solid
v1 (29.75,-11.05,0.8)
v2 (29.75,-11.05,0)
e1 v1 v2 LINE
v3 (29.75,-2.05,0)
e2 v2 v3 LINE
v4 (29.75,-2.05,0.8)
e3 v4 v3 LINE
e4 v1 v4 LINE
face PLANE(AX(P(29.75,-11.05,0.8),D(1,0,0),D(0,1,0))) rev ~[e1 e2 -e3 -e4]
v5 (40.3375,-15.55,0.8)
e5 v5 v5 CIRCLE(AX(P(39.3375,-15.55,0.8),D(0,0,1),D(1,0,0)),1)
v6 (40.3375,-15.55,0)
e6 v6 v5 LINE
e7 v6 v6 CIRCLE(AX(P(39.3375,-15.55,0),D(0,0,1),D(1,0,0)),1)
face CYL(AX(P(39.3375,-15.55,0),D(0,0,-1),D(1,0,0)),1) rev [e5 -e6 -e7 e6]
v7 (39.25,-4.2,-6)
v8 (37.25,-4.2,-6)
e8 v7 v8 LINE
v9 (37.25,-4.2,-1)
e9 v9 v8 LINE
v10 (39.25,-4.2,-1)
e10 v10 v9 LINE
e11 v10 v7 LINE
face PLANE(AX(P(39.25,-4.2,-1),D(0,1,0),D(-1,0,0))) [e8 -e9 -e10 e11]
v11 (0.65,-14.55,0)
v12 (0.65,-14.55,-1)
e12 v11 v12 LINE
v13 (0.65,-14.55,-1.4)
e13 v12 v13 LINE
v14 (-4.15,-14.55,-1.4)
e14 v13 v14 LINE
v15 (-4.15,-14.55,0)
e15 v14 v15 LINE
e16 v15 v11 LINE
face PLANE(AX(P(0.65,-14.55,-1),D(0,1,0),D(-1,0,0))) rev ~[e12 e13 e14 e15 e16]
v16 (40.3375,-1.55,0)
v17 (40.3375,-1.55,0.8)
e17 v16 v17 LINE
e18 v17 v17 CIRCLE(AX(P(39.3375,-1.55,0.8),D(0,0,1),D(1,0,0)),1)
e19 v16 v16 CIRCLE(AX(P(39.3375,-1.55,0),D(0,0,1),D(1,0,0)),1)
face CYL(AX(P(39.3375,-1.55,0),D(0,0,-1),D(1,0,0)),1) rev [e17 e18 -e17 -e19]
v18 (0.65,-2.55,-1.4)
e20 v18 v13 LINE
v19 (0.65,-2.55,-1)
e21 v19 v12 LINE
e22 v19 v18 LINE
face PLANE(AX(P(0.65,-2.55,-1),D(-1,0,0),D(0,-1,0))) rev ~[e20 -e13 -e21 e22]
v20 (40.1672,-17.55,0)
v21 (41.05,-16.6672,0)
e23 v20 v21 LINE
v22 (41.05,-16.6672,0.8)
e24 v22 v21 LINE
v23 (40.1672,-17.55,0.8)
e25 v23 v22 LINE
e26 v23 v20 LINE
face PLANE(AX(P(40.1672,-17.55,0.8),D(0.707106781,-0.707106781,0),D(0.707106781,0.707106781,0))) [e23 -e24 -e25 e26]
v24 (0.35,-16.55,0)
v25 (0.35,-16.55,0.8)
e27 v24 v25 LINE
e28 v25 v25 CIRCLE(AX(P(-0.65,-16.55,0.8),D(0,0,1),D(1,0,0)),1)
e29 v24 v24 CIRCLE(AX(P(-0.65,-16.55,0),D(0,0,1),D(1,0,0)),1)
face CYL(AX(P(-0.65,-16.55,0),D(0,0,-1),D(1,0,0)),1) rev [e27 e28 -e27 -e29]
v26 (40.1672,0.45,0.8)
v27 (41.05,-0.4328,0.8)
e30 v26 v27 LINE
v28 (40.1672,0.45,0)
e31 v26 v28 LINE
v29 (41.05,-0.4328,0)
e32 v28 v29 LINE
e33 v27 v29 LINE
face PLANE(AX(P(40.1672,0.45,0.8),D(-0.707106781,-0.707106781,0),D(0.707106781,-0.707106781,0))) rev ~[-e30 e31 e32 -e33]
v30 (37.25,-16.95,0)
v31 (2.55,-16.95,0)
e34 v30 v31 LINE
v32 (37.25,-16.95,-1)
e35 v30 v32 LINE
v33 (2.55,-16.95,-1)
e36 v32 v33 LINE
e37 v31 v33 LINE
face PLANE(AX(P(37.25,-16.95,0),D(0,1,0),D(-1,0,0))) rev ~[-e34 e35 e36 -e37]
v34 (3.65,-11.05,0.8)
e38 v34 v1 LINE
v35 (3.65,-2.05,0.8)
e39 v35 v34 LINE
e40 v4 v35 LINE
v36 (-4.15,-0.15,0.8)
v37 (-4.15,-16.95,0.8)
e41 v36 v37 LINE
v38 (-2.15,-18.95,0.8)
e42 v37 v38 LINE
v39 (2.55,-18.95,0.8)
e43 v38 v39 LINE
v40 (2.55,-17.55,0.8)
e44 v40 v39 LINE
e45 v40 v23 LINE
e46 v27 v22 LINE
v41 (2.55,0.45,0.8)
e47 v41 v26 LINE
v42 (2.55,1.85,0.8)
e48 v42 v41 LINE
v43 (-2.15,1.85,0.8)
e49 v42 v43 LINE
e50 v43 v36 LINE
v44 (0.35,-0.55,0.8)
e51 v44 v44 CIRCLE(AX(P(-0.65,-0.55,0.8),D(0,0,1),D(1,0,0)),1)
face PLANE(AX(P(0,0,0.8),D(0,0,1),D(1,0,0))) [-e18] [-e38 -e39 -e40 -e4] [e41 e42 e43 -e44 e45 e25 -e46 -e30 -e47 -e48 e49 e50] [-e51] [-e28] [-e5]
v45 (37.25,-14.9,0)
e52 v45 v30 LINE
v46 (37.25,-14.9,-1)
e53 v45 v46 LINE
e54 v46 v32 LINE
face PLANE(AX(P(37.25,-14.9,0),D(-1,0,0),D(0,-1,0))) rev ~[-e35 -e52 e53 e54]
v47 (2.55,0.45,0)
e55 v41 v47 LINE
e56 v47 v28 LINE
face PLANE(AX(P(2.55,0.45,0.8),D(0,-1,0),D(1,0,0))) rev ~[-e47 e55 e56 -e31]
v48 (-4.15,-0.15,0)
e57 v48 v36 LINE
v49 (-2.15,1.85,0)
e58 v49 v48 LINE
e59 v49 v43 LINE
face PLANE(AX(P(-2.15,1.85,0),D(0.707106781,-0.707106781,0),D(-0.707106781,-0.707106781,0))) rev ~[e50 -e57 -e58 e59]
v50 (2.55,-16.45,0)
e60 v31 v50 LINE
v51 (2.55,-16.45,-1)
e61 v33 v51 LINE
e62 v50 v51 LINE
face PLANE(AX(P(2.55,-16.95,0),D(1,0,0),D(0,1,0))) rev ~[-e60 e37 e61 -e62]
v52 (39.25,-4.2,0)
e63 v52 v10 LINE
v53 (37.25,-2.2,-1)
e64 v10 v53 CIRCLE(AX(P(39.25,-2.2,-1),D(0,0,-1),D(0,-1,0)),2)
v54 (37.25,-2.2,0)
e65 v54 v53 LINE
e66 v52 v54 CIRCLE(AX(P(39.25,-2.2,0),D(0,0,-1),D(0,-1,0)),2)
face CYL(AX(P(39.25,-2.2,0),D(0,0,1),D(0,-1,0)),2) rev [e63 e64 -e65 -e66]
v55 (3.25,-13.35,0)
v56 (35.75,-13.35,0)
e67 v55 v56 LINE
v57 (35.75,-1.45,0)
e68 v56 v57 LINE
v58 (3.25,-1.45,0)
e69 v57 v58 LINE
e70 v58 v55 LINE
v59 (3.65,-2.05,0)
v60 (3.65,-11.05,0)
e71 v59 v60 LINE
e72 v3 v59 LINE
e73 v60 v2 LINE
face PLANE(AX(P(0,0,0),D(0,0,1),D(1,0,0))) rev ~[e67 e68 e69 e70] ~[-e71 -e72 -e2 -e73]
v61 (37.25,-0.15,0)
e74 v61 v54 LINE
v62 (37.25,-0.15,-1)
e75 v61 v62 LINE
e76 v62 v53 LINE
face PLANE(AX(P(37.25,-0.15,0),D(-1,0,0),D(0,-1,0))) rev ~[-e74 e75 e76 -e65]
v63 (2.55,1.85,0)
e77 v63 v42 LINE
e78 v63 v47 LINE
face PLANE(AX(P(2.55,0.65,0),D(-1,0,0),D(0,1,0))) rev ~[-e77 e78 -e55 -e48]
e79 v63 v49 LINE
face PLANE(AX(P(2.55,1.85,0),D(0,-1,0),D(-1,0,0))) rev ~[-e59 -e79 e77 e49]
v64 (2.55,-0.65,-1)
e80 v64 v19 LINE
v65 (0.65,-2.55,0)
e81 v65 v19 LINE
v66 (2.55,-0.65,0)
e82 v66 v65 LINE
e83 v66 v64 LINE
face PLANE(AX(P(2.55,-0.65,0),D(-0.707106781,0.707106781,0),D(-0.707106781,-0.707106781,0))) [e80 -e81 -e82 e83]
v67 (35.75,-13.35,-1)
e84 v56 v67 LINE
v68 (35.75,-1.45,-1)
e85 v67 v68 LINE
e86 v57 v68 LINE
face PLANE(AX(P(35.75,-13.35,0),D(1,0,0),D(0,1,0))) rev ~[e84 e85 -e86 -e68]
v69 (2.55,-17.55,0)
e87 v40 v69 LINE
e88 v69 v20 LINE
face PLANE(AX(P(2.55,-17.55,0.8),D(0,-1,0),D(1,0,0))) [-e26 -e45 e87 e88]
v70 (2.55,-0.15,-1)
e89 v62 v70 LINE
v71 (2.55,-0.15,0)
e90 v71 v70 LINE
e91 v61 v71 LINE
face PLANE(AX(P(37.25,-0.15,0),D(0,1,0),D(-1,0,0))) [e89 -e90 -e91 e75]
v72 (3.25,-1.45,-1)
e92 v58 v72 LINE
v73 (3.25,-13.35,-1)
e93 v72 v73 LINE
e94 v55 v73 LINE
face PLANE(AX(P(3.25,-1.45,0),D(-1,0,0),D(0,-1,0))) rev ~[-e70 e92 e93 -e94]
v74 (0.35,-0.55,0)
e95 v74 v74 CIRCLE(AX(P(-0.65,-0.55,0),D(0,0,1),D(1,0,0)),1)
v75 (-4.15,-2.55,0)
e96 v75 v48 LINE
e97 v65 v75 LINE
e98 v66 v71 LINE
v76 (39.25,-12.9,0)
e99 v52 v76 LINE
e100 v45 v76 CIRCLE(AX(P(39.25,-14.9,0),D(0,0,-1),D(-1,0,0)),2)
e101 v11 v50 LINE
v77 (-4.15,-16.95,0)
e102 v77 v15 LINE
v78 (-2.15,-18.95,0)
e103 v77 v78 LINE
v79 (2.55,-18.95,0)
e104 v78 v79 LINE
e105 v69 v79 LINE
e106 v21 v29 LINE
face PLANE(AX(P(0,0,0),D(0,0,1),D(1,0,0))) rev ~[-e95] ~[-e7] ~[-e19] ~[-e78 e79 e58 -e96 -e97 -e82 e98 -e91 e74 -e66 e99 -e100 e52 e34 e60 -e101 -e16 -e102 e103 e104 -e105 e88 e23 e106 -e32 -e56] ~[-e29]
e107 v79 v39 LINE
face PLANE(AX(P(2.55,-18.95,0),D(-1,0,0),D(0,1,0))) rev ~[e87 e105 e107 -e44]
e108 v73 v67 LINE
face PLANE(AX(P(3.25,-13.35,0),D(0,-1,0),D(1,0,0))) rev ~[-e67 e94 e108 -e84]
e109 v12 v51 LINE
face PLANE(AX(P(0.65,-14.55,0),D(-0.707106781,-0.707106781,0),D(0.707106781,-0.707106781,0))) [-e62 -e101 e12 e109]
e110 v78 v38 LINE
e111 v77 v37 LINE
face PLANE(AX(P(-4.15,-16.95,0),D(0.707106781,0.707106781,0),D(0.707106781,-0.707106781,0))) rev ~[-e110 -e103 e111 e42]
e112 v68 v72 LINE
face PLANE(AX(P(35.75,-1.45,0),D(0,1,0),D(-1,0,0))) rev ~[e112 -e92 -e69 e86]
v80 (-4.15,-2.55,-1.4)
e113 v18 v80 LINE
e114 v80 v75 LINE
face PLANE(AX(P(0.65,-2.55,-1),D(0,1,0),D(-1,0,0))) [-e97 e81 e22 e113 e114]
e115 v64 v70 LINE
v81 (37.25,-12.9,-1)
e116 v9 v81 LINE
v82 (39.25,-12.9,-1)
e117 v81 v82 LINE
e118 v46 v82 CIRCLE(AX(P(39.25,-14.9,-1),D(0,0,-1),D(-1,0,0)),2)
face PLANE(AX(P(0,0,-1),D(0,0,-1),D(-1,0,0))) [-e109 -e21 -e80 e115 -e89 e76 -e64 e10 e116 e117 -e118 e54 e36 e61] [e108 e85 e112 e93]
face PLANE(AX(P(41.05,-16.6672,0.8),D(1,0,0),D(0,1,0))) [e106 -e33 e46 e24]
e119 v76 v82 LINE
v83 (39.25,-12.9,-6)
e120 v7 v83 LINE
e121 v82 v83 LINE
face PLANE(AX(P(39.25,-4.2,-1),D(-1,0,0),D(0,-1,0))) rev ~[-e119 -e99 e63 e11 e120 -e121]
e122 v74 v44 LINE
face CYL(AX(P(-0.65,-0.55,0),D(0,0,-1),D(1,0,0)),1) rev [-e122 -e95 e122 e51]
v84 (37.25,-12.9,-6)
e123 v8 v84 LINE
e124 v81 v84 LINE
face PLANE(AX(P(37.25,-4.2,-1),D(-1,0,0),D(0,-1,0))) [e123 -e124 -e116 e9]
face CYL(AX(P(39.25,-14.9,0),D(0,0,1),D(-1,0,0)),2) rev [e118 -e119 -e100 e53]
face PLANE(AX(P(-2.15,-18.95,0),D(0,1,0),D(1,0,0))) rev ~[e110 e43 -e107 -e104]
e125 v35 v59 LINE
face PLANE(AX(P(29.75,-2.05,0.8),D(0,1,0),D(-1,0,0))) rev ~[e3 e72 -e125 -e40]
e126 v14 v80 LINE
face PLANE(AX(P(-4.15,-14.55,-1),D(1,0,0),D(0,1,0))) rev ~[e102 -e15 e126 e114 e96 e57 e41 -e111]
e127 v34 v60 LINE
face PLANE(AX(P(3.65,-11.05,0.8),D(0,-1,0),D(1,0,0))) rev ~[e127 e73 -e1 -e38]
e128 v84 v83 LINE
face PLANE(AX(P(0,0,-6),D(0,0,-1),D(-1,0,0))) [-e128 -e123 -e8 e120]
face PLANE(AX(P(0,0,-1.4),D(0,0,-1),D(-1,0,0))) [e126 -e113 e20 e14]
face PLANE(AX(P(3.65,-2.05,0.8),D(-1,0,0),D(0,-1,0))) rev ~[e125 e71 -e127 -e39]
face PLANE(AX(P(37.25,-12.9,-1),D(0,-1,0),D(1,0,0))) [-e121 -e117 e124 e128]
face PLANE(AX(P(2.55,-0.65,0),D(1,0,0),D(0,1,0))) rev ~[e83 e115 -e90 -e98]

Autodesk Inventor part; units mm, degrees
ref_plane "YZ Plane" through (0, 0, 0) normal (1, 0, 0) x (0, 1, 0)
ref_plane "XZ Plane" through (0, 0, 0) normal (0, 1, 0) x (-1, 0, 0)
ref_plane "XY Plane" through (0, 0, 0) normal (0, 0, 1) x (1, 0, 0)
sketch "Эскиз1" plane through (0, 0, 0) normal (0, 0, 1) x (1, 0, 0)
  line L0 (40.25, 0.65) -> (37.25, 0.65) projected
  line L1 (37.25, 0.65) -> (37.25, -2.2) projected
  arc A0 (37.25, -2.2) -> (39.25, -4.2) centre (39.25, -2.2) ccw projected
  line L2 (39.25, -4.2) -> (39.25, -12.9) projected
  arc A1 (39.25, -12.9) -> (37.25, -14.9) centre (39.25, -14.9) ccw projected
  line L3 (37.25, -14.9) -> (37.25, -17.75) projected
  line L4 (37.25, -17.75) -> (40.25, -17.75) projected
  line L5 (40.25, -17.75) -> (41.25, -16.75) projected
  line L6 (41.25, -16.75) -> (41.25, -0.35) projected
  line L7 (41.25, -0.35) -> (40.25, 0.65) projected
  circle A2 centre (39.3375, -15.55) radius 1 projected
  circle A3 centre (39.3375, -1.55) radius 1 projected
  line L8 (2.55, -18.95) -> (2.55, -17.75) projected
  line L9 (2.55, -17.75) -> (2.55, -16.45) projected
  line L10 (0.65, -14.55) -> (2.55, -16.45) projected
  line L11 (-4.15, -14.55) -> (0.65, -14.55) projected
  line L12 (-4.15, -14.55) -> (-4.15, -16.95) projected
  line L13 (-4.15, -16.95) -> (-2.15, -18.95) projected
  line L14 (-2.15, -18.95) -> (2.55, -18.95) projected
  circle A4 centre (-0.65, -16.55) radius 1 projected
  line L15 (2.55, 0.65) -> (2.55, 1.85) projected
  line L16 (2.55, 1.85) -> (-2.15, 1.85) projected
  line L17 (-2.15, 1.85) -> (-4.15, -0.15) projected
  line L18 (-4.15, -0.15) -> (-4.15, -2.55) projected
  line L19 (0.65, -2.55) -> (-4.15, -2.55) projected
  line L20 (2.55, -0.65) -> (0.65, -2.55) projected
  line L21 (2.55, -0.65) -> (2.55, 0.65) projected
  circle A5 centre (-0.65, -0.55) radius 1 projected
  line L22 (2.55, 0.65) -> (40.25, 0.65) projected
  line L23 (40.25, -17.75) -> (2.55, -17.75) projected
  line L24 (-4.15, -14.55) -> (-4.15, -2.55) projected
  point P0 (0, 0)
extrude "Выдавливание1" add sketch "Эскиз1" along normal blind 0.8
sketch "Эскиз2" plane through (0, 0, 0.8) normal (0, 0, 1) x (1, 0, 0)
  line L0 (3.65, -11.05) -> (29.75, -11.05)
  line L1 (29.75, -11.05) -> (29.75, -2.05)
  line L2 (29.75, -2.05) -> (3.65, -2.05)
  line L3 (3.65, -2.05) -> (3.65, -11.05)
  line L4 (40.25, 0.65) -> (2.55, 0.65) projected
  line L5 (41.25, -16.75) -> (41.25, -0.35) projected
  point P0 (0, 0)
  dimension "d2" = 9
  dimension "d3" = 26.1
  dimension "d4" = 2.7
  dimension "d5" = 11.5
extrude "Выдавливание2" cut sketch "Эскиз2" against normal through all
sketch "Эскиз3" plane through (0, 0, 0) normal (0, 0, -1) x (-1, 0, 0)
  line L0 (-40.25, 0.65) -> (-37.25, 0.65) projected
  line L1 (-37.25, 0.65) -> (-37.25, -2.2) projected
  arc A0 (-39.25, -4.2) -> (-37.25, -2.2) centre (-39.25, -2.2) ccw projected
  line L2 (-39.25, -4.2) -> (-39.25, -12.9) projected
  arc A1 (-37.25, -14.9) -> (-39.25, -12.9) centre (-39.25, -14.9) ccw projected
  line L3 (-37.25, -14.9) -> (-37.25, -17.75) projected
  line L4 (-37.25, -17.75) -> (-40.25, -17.75) projected
  line L5 (-40.25, -17.75) -> (-41.25, -16.75) projected
  line L6 (-41.25, -16.75) -> (-41.25, -0.35) projected
  line L7 (-41.25, -0.35) -> (-40.25, 0.65) projected
  circle A2 centre (-39.3375, -15.55) radius 1 projected
  circle A3 centre (-39.3375, -1.55) radius 1 projected
  line L8 (-2.55, 0.65) -> (-2.55, 1.85) projected
  line L9 (-2.55, 1.85) -> (2.15, 1.85) projected
  line L10 (2.15, 1.85) -> (4.15, -0.15) projected
  line L11 (4.15, -0.15) -> (4.15, -2.55) projected
  line L12 (-0.65, -2.55) -> (4.15, -2.55) projected
  line L13 (-2.55, -0.65) -> (-0.65, -2.55) projected
  line L14 (-2.55, -0.65) -> (-2.55, 0.65) projected
  circle A4 centre (0.65, -0.55) radius 1 projected
  line L15 (-2.55, -18.95) -> (-2.55, -17.75) projected
  line L16 (-2.55, -17.75) -> (-2.55, -16.45) projected
  line L17 (-0.65, -14.55) -> (-2.55, -16.45) projected
  line L18 (4.15, -14.55) -> (-0.65, -14.55) projected
  line L19 (4.15, -14.55) -> (4.15, -16.95) projected
  line L20 (4.15, -16.95) -> (2.15, -18.95) projected
  line L21 (2.15, -18.95) -> (-2.55, -18.95) projected
  circle A5 centre (0.65, -16.55) radius 1 projected
  line L22 (-2.55, -17.75) -> (-40.25, -17.75) projected
  line L23 (4.15, -2.55) -> (4.15, -14.55)
  line L24 (4.15, -0.15) -> (4.15, -16.95) projected
  line L25 (-3.25, -13.35) -> (-35.75, -13.35)
  line L26 (-35.75, -13.35) -> (-35.75, -1.45)
  line L27 (-35.75, -1.45) -> (-3.25, -1.45)
  line L28 (-3.25, -1.45) -> (-3.25, -13.35)
  line L29 (-29.75, -11.05) -> (-29.75, -2.05) projected
  line L30 (-3.65, -11.05) -> (-29.75, -11.05) projected
  line L31 (-3.65, -2.05) -> (-3.65, -11.05) projected
  line L32 (-29.75, -2.05) -> (-3.65, -2.05) projected
  line L33 (2.15, 1.85) -> (-43.25, 1.85) projected
  line L34 (-43.25, -18.95) -> (2.15, -18.95) projected
  line L35 (-37.25, -0.15) -> (-2.55, -0.15)
  line L36 (-37.25, -16.95) -> (-2.55, -16.95)
  point P0 (0, 0)
  dimension "d13" = 6
  dimension "d15" = 0.4
  dimension "d17" = 2.3
  dimension "d18" = 0.6
  dimension "d21" = 2
  dimension "d22" = 2
extrude "Выдавливание3" add sketch "Эскиз3" along normal blind 1 contours L35 L14 L13 L12 L23 L18 L17 L16 L36 L3 A1 L2 A0 L1
sketch "Эскиз4" plane through (0, 0, -1) normal (0, 0, -1) x (-1, 0, 0)
  line L0 (-0.65, -2.55) -> (4.15, -2.55) projected
  line L1 (-2.55, -16.45) -> (-0.65, -14.55) projected
  line L2 (4.15, -2.55) -> (-0.65, -2.55)
  line L3 (-0.65, -2.55) -> (-0.65, -14.55)
  line L4 (-0.65, -14.55) -> (4.15, -14.55)
  line L5 (4.15, -14.55) -> (4.15, -2.55)
  point P0 (0, 0)
extrude "Выдавливание4" add sketch "Эскиз4" along normal blind 0.4
sketch "Эскиз5" plane through (0, 0, -1) normal (0, 0, -1) x (-1, 0, 0)
  line L0 (-39.25, -4.2) -> (-39.25, -12.9) projected
  line L1 (-39.25, -4.2) -> (-37.25, -4.2)
  line L2 (-37.25, -4.2) -> (-37.25, -12.9)
  line L3 (-37.25, -12.9) -> (-39.25, -12.9)
  line L4 (-39.25, -12.9) -> (-39.25, -4.2)
  point P0 (0, 0)
  dimension "d25" = 2
extrude "Выдавливание5" add sketch "Эскиз5" along normal blind 5
sketch "Эскиз7" plane through (0, 0, 0.8) normal (0, 0, 1) x (1, 0, 0)
  line L0 (2.55, -17.75) -> (40.25, -17.75) projected
  line L1 (2.55, -17.75) -> (2.55, -17.55)
  line L2 (2.55, -17.55) -> (40.1672, -17.55)
  line L3 (40.1672, -17.55) -> (41.05, -16.6672)
  line L4 (41.05, -16.6672) -> (41.05, -8.55)
  line L5 (41.25, -16.75) -> (41.25, -0.35) projected
  line L6 (41.25, -8.55) -> (-4.15, -8.55)
  line L7 (-4.15, -0.15) -> (-4.15, -16.95) projected
  line L8 (40.25, -17.75) -> (41.25, -16.75) projected
  line L9 (2.55, 0.45) -> (40.1672, 0.45)
  line L10 (40.1672, 0.45) -> (41.05, -0.4328)
  line L11 (41.05, -0.4328) -> (41.05, -8.55)
  line L12 (35.75, -1.45) -> (35.75, -13.35) projected
  line L13 (29.75, -11.05) -> (3.65, -11.05) projected
  line L14 (3.65, -11.05) -> (3.65, -2.05) projected
  line L15 (3.65, -2.05) -> (29.75, -2.05) projected
  line L16 (29.75, -2.05) -> (29.75, -11.05) projected
  line L17 (-4.15, -0.15) -> (-4.15, -16.95) projected
  line L18 (-4.15, -16.95) -> (-2.15, -18.95) projected
  line L19 (-2.15, -18.95) -> (2.55, -18.95) projected
  line L20 (2.55, -18.95) -> (2.55, -17.75) projected
  line L21 (2.55, -17.75) -> (40.25, -17.75) projected
  line L22 (40.25, -17.75) -> (41.25, -16.75) projected
  line L23 (41.25, -16.75) -> (41.25, -0.35) projected
  line L24 (41.25, -0.35) -> (40.25, 0.65) projected
  line L25 (40.25, 0.65) -> (2.55, 0.65) projected
  line L26 (2.55, 0.65) -> (2.55, 1.85) projected
  line L27 (2.55, 1.85) -> (-2.15, 1.85) projected
  line L28 (-2.15, 1.85) -> (-4.15, -0.15) projected
  circle A0 centre (-0.65, -16.55) radius 1 projected
  circle A1 centre (-0.65, -0.55) radius 1 projected
  circle A2 centre (39.3375, -1.55) radius 1 projected
  circle A3 centre (39.3375, -15.55) radius 1 projected
  line L29 (2.55, 0.45) -> (2.55, 0.65)
  line L30 (40.25, 0.65) -> (2.55, 0.65) projected
  line L31 (2.55, 0.65) -> (40.25, 0.65)
  line L32 (41.25, -0.35) -> (40.25, 0.65) projected
  line L33 (40.25, 0.65) -> (41.25, -0.35)
  point P0 (0, 0)
  point P1 (41.25, -0.35)
  dimension "d33" = 0.2
  dimension "d34" = 0.2
  dimension "d35" = 0.2
extrude "Выдавливание7" cut sketch "Эскиз7" against normal through all contours L1 L2 L3 L4 L6 L5 L8 L0 | L6 L11 L10 L9 L29 L25 L24 L5
